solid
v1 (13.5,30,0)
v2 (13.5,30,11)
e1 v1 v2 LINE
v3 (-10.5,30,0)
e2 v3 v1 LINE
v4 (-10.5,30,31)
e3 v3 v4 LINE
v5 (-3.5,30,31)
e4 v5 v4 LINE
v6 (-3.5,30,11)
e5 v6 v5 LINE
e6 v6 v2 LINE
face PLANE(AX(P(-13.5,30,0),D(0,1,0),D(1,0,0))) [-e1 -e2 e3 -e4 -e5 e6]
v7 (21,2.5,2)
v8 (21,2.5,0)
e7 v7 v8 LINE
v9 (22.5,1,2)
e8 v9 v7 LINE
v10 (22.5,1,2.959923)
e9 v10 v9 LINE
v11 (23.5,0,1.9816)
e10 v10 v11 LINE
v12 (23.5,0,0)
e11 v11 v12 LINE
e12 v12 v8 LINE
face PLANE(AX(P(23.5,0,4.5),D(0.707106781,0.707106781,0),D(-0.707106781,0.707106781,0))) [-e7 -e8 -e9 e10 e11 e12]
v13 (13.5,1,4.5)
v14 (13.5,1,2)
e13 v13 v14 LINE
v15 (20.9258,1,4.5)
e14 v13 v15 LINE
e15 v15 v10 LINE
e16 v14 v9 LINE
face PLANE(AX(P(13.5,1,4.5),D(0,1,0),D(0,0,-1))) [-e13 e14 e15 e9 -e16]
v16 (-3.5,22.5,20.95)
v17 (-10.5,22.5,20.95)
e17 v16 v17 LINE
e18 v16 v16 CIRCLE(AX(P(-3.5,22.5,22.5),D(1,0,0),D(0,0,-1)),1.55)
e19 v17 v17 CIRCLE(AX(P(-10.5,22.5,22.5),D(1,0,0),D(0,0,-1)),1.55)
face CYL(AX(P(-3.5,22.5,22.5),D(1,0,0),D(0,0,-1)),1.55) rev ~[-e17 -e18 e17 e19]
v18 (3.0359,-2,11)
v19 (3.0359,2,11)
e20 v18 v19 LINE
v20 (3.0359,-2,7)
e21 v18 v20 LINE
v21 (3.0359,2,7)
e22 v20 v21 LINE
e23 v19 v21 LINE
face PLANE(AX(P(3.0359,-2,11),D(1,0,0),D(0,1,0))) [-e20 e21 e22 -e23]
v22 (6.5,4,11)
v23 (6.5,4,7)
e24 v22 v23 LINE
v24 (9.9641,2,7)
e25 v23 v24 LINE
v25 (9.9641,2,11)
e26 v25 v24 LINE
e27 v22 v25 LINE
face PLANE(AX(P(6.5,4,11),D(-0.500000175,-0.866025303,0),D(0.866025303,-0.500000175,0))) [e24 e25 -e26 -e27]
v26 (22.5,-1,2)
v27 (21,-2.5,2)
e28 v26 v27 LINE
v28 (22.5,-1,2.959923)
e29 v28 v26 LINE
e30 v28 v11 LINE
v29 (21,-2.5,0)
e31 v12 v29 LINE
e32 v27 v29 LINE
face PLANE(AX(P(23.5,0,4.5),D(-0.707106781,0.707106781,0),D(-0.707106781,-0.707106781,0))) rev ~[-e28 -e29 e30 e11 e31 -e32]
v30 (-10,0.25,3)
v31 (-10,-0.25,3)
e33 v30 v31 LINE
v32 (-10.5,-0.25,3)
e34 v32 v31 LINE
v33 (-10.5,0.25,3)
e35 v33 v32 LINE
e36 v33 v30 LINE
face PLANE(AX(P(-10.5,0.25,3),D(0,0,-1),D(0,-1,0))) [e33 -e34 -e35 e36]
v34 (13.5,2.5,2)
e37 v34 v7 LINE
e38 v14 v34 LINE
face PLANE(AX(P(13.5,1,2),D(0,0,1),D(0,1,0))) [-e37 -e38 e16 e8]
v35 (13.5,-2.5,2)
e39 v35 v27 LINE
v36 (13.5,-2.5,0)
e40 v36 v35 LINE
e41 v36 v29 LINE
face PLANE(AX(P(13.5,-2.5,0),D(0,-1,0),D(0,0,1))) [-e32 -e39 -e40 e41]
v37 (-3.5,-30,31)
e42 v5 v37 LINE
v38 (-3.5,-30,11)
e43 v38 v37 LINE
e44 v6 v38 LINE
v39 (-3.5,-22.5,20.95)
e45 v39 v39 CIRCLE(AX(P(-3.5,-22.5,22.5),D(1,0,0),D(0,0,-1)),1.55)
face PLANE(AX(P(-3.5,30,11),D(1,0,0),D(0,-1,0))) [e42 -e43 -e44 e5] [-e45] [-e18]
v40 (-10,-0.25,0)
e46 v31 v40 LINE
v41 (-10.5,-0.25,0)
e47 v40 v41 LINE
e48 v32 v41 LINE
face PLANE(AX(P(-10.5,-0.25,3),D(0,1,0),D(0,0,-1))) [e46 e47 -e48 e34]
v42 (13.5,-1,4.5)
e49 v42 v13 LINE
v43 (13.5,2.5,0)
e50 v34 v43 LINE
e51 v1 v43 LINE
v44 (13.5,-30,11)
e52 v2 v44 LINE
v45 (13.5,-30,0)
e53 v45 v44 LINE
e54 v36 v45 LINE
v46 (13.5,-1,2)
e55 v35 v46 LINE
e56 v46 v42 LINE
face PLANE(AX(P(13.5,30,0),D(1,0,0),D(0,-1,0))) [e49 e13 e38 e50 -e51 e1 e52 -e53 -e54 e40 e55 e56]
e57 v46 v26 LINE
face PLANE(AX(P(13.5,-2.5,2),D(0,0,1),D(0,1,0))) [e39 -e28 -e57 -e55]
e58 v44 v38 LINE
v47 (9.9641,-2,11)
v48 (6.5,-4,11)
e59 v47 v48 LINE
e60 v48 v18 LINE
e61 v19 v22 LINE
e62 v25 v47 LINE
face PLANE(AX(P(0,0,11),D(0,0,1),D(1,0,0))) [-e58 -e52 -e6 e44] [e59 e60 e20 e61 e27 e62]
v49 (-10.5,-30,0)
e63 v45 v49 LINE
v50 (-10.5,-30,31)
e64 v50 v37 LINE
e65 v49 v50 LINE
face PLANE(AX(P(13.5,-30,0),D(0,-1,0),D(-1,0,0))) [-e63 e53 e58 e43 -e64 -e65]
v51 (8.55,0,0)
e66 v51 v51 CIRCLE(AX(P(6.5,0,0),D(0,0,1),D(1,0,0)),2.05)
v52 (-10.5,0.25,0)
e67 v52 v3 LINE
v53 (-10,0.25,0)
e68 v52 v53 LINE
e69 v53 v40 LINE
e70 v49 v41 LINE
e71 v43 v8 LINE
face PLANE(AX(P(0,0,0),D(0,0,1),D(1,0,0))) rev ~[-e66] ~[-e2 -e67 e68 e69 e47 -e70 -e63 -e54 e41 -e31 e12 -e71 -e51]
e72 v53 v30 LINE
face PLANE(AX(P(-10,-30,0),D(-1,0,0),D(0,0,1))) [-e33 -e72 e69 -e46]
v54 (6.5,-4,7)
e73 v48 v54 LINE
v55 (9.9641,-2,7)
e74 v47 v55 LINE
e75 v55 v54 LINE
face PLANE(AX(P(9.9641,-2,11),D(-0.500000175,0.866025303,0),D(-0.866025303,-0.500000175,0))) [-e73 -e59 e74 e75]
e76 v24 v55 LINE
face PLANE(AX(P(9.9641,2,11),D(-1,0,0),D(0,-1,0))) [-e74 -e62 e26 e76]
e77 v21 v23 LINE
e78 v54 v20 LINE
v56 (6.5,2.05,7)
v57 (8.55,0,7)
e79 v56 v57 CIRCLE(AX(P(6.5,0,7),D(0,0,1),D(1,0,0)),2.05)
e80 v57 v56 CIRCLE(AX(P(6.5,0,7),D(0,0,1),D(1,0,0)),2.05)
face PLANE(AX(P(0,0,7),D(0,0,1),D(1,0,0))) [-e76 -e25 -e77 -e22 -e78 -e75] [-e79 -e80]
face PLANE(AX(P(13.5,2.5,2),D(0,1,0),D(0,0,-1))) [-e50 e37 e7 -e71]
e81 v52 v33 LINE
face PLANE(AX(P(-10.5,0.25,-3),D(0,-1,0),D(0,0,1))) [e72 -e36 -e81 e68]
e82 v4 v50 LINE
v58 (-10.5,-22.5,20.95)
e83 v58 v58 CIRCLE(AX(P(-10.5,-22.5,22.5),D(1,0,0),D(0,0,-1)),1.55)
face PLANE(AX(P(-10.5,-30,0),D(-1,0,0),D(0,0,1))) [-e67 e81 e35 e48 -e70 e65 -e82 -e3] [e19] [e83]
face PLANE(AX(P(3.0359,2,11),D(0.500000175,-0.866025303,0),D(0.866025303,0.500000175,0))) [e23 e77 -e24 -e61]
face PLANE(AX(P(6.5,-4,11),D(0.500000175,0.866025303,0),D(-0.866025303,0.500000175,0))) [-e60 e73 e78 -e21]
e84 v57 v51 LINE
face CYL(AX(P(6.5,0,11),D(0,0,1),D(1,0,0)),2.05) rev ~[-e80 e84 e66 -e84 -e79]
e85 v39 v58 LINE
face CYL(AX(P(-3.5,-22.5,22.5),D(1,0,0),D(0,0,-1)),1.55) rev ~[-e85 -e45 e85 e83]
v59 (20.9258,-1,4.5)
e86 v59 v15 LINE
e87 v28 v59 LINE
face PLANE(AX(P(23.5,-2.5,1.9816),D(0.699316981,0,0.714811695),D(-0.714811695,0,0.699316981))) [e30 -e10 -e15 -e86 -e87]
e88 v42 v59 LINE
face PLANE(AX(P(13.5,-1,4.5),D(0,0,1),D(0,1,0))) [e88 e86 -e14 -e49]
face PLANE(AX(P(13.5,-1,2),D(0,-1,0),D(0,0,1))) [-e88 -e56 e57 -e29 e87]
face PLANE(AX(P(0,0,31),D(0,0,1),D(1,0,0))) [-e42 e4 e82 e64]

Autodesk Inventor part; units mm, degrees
ref_plane "YZ Plane" through (0, 0, 0) normal (1, 0, 0) x (0, 1, 0)
ref_plane "XZ Plane" through (0, 0, 0) normal (0, 1, 0) x (-1, 0, 0)
ref_plane "XY Plane" through (0, 0, 0) normal (0, 0, 1) x (1, 0, 0)
sketch "Skizze1" plane through (0, 0, 0) normal (0, 0, 1) x (1, 0, 0)
  line L0 (-13.5, 30) -> (13.5, 30)
  line L1 (13.5, 30) -> (13.5, -30)
  line L2 (13.5, -30) -> (-13.5, -30)
  line L3 (-13.5, -30) -> (-13.5, 30)
  line L4 (-13.5, 30) -> (13.5, -30) construction
  line L5 (13.5, 30) -> (-13.5, -30) construction
  point P0 (0, 0)
  dimension "d0" = 27
  dimension "d1" = 60
extrude "Extrusion1" add sketch "Skizze1" along normal blind 11
sketch "Skizze2" plane through (0, 0, 11) normal (0, 0, 1) x (1, 0, 0)
  line L0 (13.5, 30) -> (-13.5, 30) projected
  line L1 (-13.5, -30) -> (13.5, -30) projected
  line L2 (-13.5, 30) -> (-3.5, 30)
  line L3 (-3.5, 30) -> (-3.5, -30)
  line L4 (-3.5, -30) -> (-13.5, -30)
  line L5 (-13.5, -30) -> (-13.5, 30)
  point P0 (0, 0)
  dimension "d4" = 10
extrude "Extrusion2" add sketch "Skizze2" along normal blind 20
sketch "Skizze3" plane through (-3.5, -30, 11) normal (1, 0, 0) x (0, 0, -1)
  line L0 (0, 60) -> (0, 0) construction
  line L1 (0, 60) -> (-20, 60) construction
  line L2 (-20, 0) -> (-20, 60) construction
  line L3 (0, 0) -> (-20, 0) construction
  line L4 (0, 60) -> (0, 0) projected
  line L5 (0, 30) -> (-11.5, 30) construction
  line L6 (-11.5, 30) -> (-11.5, 52.5) construction
  line L7 (-11.5, 30) -> (-11.5, 7.5) construction
  circle A0 centre (-11.5, 7.5) radius 1.55
  circle A1 centre (-11.5, 52.5) radius 1.55
  point P0 (11, 30)
  dimension "d7" = 11.5
  dimension "d8" = 22.5
  dimension "d9" = 22.5
  dimension "d10" = 3.1
  dimension "d11" = 3.1
extrude "Extrusion3" cut sketch "Skizze3" against normal through all
sketch "Skizze4" plane through (-13.5, -30, 0) normal (-1, 0, 0) x (0, 0, 1)
  circle A0 centre (22.5, 7.5) radius 1.55 projected
  circle A1 centre (22.5, 52.5) radius 1.55 projected
  line L0 (0, 0) -> (0, 60) projected
  line L1 (0, 0) -> (31, 0) projected
  line L2 (31, 60) -> (31, 0) projected
  line L3 (0, 60) -> (31, 60) projected
  point P0 (0, 30)
extrude "Extrusion4" cut sketch "Skizze4" against normal blind 3
sketch "Skizze5" plane through (-10.5, -30, 0) normal (-1, 0, 0) x (0, 0, 1)
  line L0 (-3, 30.25) -> (3, 30.25)
  line L1 (3, 30.25) -> (3, 29.75)
  line L2 (3, 29.75) -> (-3, 29.75)
  line L3 (-3, 29.75) -> (-3, 30.25)
  line L4 (-3, 30.25) -> (3, 29.75) construction
  line L5 (3, 30.25) -> (-3, 29.75) construction
  point P0 (0, 30)
  dimension "d16" = 6
  dimension "d17" = 0.5
extrude "Extrusion5" cut sketch "Skizze5" against normal blind 0.5
sketch "Skizze6" plane through (0, 0, 11) normal (0, 0, 1) x (1, 0, 0)
  line L0 (-3.5, -30) -> (-3.5, 30) projected
  line L1 (-3.5, 0) -> (6.5, 0)
  circle A0 centre (6.5, 0) radius 2.05
  point P0 (0, 0)
  dimension "d20" = 10
  dimension "d21" = 4.1
extrude "Extrusion6" cut sketch "Skizze6" against normal through all
sketch "Skizze7" plane through (0, 0, 11) normal (0, 0, 1) x (1, 0, 0)
  circle A0 centre (6.5, 0) radius 2.05 projected
  line L0 (6.5, 0) -> (6.5, 4)
  line L1 (6.5, 0) -> (14.5, 0) construction
  line L2 (6.5, 4) -> (9.9641, 2)
  line L3 (9.9641, 2) -> (9.9641, -2)
  line L4 (9.9641, -2) -> (6.5, -4)
  line L5 (6.5, -4) -> (3.0359, -2)
  line L6 (3.0359, -2) -> (3.0359, 2)
  line L7 (3.0359, 2) -> (6.5, 4)
  point P0 (0, 0)
  dimension "d24" = 4
extrude "Extrusion7" cut sketch "Skizze7" against normal blind 4
sketch "Skizze8" plane through (13.5, -30, 0) normal (1, 0, 0) x (0, 0, -1)
  line L0 (0, 27.5) -> (-2, 27.5)
  line L1 (-2, 32.5) -> (0, 32.5)
  line L2 (2, 27.5) -> (-2, 32.5) construction
  line L3 (-2, 27.5) -> (2, 32.5) construction
  line L4 (0, 27.5) -> (0, 32.5)
  line L5 (0, 30.25) -> (0, 60) projected
  line L6 (-4.5, 29) -> (-4.5, 31)
  line L7 (-4.5, 31) -> (-2, 31)
  line L8 (0, 29.2) -> (-4.5, 31) construction
  line L9 (-4.5, 29) -> (0, 30.8) construction
  line L10 (-2, 27.5) -> (-2, 29)
  line L11 (-2, 31) -> (-2, 32.5)
  line L12 (-2, 29) -> (-4.5, 29)
  point P0 (0, 30)
extrude "Extrusion8" add sketch "Skizze8" along normal blind 10
sketch "Skizze9" plane through (13.5, -1, 4.5) normal (0, 0, 1) x (1, 0, 0)
  line L0 (10, -1.5) -> (10, 3.5) projected
  line L1 (10, 1) -> (7.5, -1.5)
  line L2 (0, -1.5) -> (10, -1.5) projected
  line L3 (10, 1) -> (13.5355, 1) construction
  line L4 (7.5, -1.5) -> (10, -1.5)
  line L5 (0, 3.5) -> (10, 3.5) projected
  line L6 (10, -1.5) -> (10, 3.5)
  line L7 (10, 3.5) -> (7.5, 3.5)
  line L8 (10, 1) -> (7.5, 3.5)
  point P0 (-13.5, 1)
  dimension "d35" = 135
extrude "Extrusion9" cut sketch "Skizze9" against normal blind 10
sketch "Skizze10" plane through (13.5, -2.5, 0) normal (0, -1, 0) x (1, 0, 0)
  line L0 (10, 4.5) -> (9, 4.5) projected
  line L1 (10, 4.5) -> (10, 1.9816)
  line L2 (10, 0) -> (10, 4.5) projected
  line L3 (10, 1.9816) -> (7.4258, 4.5)
  line L4 (0, 4.5) -> (9, 4.5) projected
  line L5 (10, 4.5) -> (7.4258, 4.5)
  point P0 (-13.5, 0)
extrude "Extrusion10" cut sketch "Skizze10" against normal blind 10
properties part number "cam_holder_hog_part"
